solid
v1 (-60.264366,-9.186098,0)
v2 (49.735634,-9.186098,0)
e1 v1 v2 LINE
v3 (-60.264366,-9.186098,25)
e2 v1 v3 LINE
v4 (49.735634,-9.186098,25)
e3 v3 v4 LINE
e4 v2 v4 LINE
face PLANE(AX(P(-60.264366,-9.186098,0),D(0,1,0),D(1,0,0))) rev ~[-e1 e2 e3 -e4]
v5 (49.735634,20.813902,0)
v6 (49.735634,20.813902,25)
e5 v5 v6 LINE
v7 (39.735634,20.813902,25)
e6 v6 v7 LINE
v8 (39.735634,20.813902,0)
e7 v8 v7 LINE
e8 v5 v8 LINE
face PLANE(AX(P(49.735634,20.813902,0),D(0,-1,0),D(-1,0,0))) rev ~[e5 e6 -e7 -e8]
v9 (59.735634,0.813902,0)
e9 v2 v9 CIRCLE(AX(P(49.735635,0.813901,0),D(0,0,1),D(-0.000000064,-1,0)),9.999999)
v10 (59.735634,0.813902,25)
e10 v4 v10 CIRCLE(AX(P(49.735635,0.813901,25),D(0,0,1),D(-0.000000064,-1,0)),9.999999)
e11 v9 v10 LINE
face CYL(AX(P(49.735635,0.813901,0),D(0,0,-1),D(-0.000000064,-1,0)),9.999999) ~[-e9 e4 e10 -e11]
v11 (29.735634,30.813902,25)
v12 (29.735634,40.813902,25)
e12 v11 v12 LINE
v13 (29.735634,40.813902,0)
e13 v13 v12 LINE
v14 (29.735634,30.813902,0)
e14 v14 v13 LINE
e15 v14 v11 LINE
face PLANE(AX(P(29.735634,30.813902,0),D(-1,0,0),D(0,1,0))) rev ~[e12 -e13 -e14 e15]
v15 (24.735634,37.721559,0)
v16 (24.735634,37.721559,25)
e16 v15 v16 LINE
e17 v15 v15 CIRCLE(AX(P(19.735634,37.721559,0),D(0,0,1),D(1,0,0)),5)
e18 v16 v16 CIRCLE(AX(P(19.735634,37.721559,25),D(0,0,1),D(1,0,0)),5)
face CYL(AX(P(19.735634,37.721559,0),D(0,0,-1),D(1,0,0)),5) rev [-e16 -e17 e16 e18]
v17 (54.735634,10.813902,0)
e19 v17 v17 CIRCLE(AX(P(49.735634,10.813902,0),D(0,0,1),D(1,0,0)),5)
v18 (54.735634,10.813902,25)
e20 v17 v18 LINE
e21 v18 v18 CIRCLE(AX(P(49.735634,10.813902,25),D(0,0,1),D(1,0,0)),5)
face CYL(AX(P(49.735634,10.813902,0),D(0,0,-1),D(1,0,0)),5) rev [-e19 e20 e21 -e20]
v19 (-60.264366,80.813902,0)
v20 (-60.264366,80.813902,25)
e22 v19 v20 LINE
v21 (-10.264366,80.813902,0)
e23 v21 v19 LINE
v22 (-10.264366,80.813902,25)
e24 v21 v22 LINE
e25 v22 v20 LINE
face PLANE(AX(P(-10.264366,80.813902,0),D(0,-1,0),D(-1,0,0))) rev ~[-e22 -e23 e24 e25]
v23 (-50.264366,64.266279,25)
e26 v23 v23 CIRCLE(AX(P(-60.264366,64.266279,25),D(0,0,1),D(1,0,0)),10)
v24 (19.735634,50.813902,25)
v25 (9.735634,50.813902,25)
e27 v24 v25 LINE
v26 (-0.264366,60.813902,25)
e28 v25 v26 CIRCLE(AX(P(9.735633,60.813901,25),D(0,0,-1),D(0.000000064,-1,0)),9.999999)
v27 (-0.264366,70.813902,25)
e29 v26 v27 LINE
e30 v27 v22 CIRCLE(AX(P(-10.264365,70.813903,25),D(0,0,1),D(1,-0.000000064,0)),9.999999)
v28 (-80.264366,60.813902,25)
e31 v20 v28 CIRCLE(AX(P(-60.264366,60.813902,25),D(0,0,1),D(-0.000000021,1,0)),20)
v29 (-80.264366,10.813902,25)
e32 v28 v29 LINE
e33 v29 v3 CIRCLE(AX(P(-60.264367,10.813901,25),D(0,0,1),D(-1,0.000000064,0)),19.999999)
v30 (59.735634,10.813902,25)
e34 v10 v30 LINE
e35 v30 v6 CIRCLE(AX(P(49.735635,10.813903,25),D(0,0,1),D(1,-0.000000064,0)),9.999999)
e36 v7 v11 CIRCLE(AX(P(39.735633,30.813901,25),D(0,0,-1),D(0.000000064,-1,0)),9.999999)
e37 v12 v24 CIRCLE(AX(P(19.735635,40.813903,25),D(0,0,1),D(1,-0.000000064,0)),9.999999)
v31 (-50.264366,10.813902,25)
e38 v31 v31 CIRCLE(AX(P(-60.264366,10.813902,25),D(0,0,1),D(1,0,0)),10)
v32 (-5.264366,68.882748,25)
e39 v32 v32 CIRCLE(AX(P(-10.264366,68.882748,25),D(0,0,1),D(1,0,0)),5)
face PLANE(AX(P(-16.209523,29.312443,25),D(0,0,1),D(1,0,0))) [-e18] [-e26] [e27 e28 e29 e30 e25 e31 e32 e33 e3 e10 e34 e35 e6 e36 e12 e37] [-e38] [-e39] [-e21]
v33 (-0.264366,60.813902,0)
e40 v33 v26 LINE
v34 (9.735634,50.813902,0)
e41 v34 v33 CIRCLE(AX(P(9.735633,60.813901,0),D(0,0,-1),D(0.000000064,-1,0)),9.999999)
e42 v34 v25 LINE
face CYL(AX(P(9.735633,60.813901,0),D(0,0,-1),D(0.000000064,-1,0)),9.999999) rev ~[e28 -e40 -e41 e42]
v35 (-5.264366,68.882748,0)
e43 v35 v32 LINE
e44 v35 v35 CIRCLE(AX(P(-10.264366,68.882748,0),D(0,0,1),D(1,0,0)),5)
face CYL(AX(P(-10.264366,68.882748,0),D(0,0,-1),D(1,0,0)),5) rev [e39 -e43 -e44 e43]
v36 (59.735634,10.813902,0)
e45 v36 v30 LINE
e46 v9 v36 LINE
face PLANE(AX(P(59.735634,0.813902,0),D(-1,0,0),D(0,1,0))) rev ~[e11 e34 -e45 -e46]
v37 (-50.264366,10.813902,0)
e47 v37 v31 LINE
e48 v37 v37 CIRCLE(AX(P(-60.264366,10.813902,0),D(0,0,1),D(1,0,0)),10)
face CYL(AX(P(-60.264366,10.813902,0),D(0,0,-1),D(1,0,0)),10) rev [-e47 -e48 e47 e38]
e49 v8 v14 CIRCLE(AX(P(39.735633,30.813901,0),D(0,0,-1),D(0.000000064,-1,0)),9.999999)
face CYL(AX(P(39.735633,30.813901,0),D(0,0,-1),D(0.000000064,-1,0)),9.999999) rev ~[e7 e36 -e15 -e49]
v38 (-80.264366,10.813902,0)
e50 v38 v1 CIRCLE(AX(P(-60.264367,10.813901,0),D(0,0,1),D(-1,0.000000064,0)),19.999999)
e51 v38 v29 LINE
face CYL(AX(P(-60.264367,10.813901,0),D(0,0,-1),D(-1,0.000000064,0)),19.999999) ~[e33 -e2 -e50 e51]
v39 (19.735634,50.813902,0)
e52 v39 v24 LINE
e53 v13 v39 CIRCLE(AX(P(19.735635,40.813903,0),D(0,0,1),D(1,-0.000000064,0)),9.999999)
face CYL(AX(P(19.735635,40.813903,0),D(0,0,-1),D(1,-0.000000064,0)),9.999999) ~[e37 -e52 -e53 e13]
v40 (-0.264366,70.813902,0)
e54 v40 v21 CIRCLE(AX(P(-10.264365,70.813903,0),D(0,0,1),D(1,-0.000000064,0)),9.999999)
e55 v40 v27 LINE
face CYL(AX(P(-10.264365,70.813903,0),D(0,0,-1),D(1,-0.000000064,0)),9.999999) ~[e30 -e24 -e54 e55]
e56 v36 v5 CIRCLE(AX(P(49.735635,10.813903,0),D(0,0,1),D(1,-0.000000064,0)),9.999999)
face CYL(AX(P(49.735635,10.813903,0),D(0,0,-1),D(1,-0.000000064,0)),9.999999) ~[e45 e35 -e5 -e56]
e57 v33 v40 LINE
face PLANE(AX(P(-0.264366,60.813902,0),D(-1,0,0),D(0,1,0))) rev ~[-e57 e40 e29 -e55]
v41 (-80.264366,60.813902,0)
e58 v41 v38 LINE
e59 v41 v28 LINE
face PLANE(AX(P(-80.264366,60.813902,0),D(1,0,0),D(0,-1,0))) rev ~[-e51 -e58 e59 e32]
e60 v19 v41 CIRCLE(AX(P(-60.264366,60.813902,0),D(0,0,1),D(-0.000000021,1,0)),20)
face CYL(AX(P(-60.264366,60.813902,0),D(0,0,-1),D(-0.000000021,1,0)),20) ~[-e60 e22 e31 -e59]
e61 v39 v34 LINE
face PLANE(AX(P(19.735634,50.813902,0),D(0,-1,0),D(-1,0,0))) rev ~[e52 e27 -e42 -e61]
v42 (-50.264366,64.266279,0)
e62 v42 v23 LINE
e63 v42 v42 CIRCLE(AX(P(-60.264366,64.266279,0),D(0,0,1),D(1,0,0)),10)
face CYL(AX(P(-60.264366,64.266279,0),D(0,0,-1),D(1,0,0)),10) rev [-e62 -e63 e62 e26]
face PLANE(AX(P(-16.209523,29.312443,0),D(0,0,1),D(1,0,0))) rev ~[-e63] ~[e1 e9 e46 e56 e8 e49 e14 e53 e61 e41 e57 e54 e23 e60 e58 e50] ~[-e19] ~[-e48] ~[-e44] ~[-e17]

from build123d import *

# Parameters (mm, degrees)
F0_R     = 10
F0_R_2   = 5
F1_DEPTH = 25


with BuildPart() as f1:
    # F0 (on Top) → F1 (new body)
    with BuildSketch(Plane.XY):
        with BuildLine():
            ThreePointArc((-80.264366, 10.813902), (-74.406502, -3.328234), (-60.264366, -9.186098))
            Line((-60.264366, -9.186098), (49.735634, -9.186098))
            ThreePointArc((49.735634, -9.186098), (56.806702, -6.257166), (59.735634, 0.813902))
            Line((59.735634, 0.813902), (59.735634, 10.813902))
            ThreePointArc((59.735634, 10.813902), (56.806702, 17.88497), (49.735634, 20.813902))
            Line((49.735634, 20.813902), (39.735634, 20.813902))
            ThreePointArc((39.735634, 20.813902), (32.664566, 23.742834), (29.735634, 30.813902))
            Line((29.735634, 30.813902), (29.735634, 40.813902))
            ThreePointArc((29.735634, 40.813902), (26.806702, 47.88497), (19.735634, 50.813902))
            Line((19.735634, 50.813902), (9.735634, 50.813902))
            ThreePointArc((9.735634, 50.813902), (2.664566, 53.742834), (-0.264366, 60.813902))
            Line((-0.264366, 60.813902), (-0.264366, 70.813902))
            ThreePointArc((-0.264366, 70.813902), (-3.193298, 77.88497), (-10.264366, 80.813902))
            Line((-10.264366, 80.813902), (-60.264366, 80.813902))
            ThreePointArc((-60.264366, 80.813902), (-74.406502, 74.956037), (-80.264366, 60.813902))
            Line((-80.264366, 60.813902), (-80.264366, 10.813902))
        make_face()
        with Locations((-60.264366, 10.813902)):
            Circle(F0_R, mode=Mode.SUBTRACT)
        with Locations((49.735634, 10.813902)):
            Circle(F0_R_2, mode=Mode.SUBTRACT)
        with Locations((-60.264366, 64.266279)):
            Circle(F0_R, mode=Mode.SUBTRACT)
        with Locations((-10.264366, 68.882748)):
            Circle(F0_R_2, mode=Mode.SUBTRACT)
        with Locations((19.735634, 37.721559)):
            Circle(F0_R_2, mode=Mode.SUBTRACT)
    extrude(amount=F1_DEPTH)


solid = f1.part
